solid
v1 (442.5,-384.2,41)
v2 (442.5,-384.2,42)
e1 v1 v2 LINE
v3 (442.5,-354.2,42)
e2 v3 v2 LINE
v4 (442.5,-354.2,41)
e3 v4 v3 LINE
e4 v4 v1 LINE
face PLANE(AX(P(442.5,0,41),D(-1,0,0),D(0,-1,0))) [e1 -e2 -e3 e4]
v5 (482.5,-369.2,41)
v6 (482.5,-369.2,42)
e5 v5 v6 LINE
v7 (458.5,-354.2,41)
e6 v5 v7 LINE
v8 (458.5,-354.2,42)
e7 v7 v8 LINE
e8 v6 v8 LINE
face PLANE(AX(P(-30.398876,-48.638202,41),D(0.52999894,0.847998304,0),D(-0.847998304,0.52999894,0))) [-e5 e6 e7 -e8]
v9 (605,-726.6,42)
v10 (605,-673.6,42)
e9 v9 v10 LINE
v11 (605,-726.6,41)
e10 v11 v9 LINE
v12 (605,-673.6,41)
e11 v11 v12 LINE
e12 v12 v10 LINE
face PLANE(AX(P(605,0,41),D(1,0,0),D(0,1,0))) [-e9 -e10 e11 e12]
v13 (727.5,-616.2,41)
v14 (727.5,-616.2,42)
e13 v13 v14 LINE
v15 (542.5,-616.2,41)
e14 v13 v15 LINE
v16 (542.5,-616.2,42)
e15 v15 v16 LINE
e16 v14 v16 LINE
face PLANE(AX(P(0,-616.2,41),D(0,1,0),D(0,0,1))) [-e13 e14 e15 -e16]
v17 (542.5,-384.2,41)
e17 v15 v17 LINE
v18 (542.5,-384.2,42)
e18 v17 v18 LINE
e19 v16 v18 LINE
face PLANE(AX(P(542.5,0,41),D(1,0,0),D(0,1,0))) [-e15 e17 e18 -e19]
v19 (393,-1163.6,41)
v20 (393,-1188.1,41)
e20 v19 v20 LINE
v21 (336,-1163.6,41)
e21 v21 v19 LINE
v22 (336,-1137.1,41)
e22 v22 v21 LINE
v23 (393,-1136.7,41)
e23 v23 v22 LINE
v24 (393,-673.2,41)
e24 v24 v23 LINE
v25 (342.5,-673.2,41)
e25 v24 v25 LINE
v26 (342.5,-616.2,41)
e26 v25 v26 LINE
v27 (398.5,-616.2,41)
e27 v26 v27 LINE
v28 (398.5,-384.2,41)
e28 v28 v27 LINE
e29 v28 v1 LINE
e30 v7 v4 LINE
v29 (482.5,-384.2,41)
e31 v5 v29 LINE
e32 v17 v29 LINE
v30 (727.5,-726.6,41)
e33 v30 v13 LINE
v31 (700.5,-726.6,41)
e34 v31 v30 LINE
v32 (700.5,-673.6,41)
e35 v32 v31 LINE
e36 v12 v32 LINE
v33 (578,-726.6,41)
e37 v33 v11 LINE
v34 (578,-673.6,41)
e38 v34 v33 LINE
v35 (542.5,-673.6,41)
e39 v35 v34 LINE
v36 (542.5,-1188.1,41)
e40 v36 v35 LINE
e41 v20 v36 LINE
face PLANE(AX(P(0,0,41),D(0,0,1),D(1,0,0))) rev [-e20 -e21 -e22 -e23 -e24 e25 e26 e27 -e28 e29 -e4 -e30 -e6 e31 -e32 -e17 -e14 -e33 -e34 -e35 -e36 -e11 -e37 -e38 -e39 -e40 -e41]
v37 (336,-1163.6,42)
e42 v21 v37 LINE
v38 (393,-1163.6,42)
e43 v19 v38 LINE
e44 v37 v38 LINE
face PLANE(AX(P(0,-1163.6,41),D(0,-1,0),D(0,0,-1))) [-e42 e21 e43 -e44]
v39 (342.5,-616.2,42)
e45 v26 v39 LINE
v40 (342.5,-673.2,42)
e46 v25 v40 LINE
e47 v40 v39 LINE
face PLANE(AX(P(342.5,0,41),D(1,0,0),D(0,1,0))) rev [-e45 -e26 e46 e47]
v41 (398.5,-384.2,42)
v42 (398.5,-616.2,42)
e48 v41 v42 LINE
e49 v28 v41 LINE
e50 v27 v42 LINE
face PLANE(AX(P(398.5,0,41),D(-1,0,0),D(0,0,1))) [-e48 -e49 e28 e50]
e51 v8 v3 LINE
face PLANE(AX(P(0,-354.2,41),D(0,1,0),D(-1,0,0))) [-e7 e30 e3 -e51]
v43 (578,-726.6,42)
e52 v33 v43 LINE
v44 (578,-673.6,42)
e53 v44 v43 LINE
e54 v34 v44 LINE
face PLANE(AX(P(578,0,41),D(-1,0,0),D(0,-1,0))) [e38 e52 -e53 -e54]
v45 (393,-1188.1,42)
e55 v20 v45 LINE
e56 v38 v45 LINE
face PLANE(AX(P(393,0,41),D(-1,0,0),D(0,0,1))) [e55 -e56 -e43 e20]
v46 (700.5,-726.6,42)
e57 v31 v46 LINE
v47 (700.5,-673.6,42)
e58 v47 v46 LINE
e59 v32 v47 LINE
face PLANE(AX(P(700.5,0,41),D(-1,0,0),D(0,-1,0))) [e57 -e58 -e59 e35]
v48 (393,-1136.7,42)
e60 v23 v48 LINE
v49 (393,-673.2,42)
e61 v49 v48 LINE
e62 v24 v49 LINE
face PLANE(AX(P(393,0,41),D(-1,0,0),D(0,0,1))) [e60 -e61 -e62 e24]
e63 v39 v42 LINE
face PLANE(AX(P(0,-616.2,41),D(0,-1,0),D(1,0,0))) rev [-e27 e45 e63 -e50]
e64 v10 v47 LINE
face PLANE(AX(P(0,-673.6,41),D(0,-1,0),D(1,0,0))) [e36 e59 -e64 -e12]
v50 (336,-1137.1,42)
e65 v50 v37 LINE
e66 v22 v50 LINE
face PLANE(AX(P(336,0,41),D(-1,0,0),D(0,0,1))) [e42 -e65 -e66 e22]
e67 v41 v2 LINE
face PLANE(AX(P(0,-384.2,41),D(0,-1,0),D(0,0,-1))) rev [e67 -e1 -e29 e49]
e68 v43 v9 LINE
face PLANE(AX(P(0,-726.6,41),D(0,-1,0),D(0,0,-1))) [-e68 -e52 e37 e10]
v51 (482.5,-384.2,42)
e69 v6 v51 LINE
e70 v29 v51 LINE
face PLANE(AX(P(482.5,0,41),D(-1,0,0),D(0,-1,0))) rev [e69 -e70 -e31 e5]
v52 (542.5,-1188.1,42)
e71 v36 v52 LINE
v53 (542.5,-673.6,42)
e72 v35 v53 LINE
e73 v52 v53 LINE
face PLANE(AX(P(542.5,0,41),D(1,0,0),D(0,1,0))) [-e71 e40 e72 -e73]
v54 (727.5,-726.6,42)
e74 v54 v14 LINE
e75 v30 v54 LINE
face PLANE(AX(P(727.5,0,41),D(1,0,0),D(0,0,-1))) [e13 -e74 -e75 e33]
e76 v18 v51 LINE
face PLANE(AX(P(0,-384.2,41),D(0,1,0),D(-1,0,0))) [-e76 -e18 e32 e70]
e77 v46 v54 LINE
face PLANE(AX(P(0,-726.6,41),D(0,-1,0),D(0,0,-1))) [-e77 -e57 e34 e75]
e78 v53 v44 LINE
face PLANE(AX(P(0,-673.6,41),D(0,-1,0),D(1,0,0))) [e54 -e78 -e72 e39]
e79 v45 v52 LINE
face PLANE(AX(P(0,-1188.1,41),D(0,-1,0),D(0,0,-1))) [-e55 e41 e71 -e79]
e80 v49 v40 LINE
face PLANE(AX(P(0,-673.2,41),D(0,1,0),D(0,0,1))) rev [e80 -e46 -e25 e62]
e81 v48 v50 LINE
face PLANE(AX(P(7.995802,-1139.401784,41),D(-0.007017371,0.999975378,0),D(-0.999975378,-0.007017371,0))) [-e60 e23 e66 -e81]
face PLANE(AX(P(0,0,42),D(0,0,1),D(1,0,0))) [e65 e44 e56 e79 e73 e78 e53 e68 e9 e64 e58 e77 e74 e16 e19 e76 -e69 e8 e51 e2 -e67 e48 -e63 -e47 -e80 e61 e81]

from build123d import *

# Parameters (mm, degrees)
SKETCH_1_W      = 16
SKETCH_1_H      = 30
SKETCH_1_W_2    = 27
SKETCH_1_H_2    = 53
SKETCH_1_W_3    = 60
SKETCH_1_H_3    = 55
SKETCH_1_H_4    = 57.5
SKETCH_1_H_5    = 117
SKETCH_1_H_6    = 117.5
SKETCH_1_W_4    = 125.5
SKETCH_1_H_7    = 60.4
SKETCH_1_H_8    = 230.9
EXTRUDE_1_DEPTH = 1
SKETCH_2_W      = 16
SKETCH_2_H      = 30
EXTRUDE_2_DEPTH = 10


with BuildPart() as part:
    # 草图1 → 拉伸1 (new body)
    with BuildSketch(Plane.XY.offset(42)):
        with Locations((450.5, -369.2)):
            Rectangle(SKETCH_1_W, SKETCH_1_H)
        Polygon((384.5, -354.2), (384.5, -384.2), (398.5, -384.2), (400.5, -384.2), (400.5, -354.2), align=None)
        with Locations((714, -700.1)):
            Rectangle(SKETCH_1_W_2, SKETCH_1_H_2)
        with Locations((591.5, -700.1)):
            Rectangle(SKETCH_1_W_2, SKETCH_1_H_2)
        Polygon((501.5, -423.1), (482.5, -423.1), (482.5, -443.7), (542.5, -443.7), (542.5, -413.6), (501.5, -413.6), align=None)
        Polygon((482.5, -410.1), (501.5, -410.1), (501.5, -413.6), (542.5, -413.6), (542.5, -384.2), (482.5, -384.2), align=None)
        with Locations((512.5, -471.2)):
            Rectangle(SKETCH_1_W_3, SKETCH_1_H_3)
        with Locations((428.5, -470.45)):
            Rectangle(SKETCH_1_W_3, SKETCH_1_H_4)
        Polygon((398.5, -384.2), (400.5, -384.2), (442.5, -384.2), (458.5, -384.2), (458.5, -441.7), (398.5, -441.7), align=None)
        with Locations((428.5, -557.7)):
            Rectangle(SKETCH_1_W_3, SKETCH_1_H_5)
        with Locations((512.5, -557.45)):
            Rectangle(SKETCH_1_W_3, SKETCH_1_H_6)
        with Locations((479.75, -1157.9)):
            Rectangle(SKETCH_1_W_4, SKETCH_1_H_7)
        Polygon((417, -896.8), (542.5, -896.8), (542.5, -786.2), (417.295919732, -786.2), align=None)
        Polygon((417.295919732, -786.2), (417.598084778, -673.265814274), (393, -673.2), (393, -1136.7), (336, -1137.1), (336, -1163.6), (393, -1163.6), (393, -1188.1), (417, -1188.1), (417, -1127.7), (417, -896.8), align=None)
        Polygon((542.5, -786.2), (542.5, -673.6), (417.598084778, -673.265814274), (417.295919732, -786.2), align=None)
        with Locations((479.75, -1012.25)):
            Rectangle(SKETCH_1_W_4, SKETCH_1_H_8)
        Polygon((393, -673.2), (342.5, -673.2), (342.5, -616.2), (398.5, -616.2), (458.5, -616.2), (458.5, -499.2), (458.5, -441.7), (458.5, -384.2), (458.5, -354.2), (482.5, -369.2), (482.5, -384.2), (482.5, -410.1), (501.5, -410.1), (501.5, -413.6), (501.5, -423.1), (482.5, -423.1), (482.5, -443.7), (482.5, -498.7), (482.5, -616.2), (542.5, -616.2), (727.5, -616.2), (727.5, -673.6), (700.5, -673.6), (605, -673.6), (578, -673.6), (542.5, -673.6), (417.598084778, -673.265814274), align=None)
    extrude(amount=-EXTRUDE_1_DEPTH)

    # 草图2 → 拉伸2 (cut)
    with BuildSketch(Plane.XY.offset(42)):
        with Locations((392.5, -369.2)):
            Rectangle(SKETCH_2_W, SKETCH_2_H)
    extrude(amount=-EXTRUDE_2_DEPTH, mode=Mode.SUBTRACT)


solid = part.part
